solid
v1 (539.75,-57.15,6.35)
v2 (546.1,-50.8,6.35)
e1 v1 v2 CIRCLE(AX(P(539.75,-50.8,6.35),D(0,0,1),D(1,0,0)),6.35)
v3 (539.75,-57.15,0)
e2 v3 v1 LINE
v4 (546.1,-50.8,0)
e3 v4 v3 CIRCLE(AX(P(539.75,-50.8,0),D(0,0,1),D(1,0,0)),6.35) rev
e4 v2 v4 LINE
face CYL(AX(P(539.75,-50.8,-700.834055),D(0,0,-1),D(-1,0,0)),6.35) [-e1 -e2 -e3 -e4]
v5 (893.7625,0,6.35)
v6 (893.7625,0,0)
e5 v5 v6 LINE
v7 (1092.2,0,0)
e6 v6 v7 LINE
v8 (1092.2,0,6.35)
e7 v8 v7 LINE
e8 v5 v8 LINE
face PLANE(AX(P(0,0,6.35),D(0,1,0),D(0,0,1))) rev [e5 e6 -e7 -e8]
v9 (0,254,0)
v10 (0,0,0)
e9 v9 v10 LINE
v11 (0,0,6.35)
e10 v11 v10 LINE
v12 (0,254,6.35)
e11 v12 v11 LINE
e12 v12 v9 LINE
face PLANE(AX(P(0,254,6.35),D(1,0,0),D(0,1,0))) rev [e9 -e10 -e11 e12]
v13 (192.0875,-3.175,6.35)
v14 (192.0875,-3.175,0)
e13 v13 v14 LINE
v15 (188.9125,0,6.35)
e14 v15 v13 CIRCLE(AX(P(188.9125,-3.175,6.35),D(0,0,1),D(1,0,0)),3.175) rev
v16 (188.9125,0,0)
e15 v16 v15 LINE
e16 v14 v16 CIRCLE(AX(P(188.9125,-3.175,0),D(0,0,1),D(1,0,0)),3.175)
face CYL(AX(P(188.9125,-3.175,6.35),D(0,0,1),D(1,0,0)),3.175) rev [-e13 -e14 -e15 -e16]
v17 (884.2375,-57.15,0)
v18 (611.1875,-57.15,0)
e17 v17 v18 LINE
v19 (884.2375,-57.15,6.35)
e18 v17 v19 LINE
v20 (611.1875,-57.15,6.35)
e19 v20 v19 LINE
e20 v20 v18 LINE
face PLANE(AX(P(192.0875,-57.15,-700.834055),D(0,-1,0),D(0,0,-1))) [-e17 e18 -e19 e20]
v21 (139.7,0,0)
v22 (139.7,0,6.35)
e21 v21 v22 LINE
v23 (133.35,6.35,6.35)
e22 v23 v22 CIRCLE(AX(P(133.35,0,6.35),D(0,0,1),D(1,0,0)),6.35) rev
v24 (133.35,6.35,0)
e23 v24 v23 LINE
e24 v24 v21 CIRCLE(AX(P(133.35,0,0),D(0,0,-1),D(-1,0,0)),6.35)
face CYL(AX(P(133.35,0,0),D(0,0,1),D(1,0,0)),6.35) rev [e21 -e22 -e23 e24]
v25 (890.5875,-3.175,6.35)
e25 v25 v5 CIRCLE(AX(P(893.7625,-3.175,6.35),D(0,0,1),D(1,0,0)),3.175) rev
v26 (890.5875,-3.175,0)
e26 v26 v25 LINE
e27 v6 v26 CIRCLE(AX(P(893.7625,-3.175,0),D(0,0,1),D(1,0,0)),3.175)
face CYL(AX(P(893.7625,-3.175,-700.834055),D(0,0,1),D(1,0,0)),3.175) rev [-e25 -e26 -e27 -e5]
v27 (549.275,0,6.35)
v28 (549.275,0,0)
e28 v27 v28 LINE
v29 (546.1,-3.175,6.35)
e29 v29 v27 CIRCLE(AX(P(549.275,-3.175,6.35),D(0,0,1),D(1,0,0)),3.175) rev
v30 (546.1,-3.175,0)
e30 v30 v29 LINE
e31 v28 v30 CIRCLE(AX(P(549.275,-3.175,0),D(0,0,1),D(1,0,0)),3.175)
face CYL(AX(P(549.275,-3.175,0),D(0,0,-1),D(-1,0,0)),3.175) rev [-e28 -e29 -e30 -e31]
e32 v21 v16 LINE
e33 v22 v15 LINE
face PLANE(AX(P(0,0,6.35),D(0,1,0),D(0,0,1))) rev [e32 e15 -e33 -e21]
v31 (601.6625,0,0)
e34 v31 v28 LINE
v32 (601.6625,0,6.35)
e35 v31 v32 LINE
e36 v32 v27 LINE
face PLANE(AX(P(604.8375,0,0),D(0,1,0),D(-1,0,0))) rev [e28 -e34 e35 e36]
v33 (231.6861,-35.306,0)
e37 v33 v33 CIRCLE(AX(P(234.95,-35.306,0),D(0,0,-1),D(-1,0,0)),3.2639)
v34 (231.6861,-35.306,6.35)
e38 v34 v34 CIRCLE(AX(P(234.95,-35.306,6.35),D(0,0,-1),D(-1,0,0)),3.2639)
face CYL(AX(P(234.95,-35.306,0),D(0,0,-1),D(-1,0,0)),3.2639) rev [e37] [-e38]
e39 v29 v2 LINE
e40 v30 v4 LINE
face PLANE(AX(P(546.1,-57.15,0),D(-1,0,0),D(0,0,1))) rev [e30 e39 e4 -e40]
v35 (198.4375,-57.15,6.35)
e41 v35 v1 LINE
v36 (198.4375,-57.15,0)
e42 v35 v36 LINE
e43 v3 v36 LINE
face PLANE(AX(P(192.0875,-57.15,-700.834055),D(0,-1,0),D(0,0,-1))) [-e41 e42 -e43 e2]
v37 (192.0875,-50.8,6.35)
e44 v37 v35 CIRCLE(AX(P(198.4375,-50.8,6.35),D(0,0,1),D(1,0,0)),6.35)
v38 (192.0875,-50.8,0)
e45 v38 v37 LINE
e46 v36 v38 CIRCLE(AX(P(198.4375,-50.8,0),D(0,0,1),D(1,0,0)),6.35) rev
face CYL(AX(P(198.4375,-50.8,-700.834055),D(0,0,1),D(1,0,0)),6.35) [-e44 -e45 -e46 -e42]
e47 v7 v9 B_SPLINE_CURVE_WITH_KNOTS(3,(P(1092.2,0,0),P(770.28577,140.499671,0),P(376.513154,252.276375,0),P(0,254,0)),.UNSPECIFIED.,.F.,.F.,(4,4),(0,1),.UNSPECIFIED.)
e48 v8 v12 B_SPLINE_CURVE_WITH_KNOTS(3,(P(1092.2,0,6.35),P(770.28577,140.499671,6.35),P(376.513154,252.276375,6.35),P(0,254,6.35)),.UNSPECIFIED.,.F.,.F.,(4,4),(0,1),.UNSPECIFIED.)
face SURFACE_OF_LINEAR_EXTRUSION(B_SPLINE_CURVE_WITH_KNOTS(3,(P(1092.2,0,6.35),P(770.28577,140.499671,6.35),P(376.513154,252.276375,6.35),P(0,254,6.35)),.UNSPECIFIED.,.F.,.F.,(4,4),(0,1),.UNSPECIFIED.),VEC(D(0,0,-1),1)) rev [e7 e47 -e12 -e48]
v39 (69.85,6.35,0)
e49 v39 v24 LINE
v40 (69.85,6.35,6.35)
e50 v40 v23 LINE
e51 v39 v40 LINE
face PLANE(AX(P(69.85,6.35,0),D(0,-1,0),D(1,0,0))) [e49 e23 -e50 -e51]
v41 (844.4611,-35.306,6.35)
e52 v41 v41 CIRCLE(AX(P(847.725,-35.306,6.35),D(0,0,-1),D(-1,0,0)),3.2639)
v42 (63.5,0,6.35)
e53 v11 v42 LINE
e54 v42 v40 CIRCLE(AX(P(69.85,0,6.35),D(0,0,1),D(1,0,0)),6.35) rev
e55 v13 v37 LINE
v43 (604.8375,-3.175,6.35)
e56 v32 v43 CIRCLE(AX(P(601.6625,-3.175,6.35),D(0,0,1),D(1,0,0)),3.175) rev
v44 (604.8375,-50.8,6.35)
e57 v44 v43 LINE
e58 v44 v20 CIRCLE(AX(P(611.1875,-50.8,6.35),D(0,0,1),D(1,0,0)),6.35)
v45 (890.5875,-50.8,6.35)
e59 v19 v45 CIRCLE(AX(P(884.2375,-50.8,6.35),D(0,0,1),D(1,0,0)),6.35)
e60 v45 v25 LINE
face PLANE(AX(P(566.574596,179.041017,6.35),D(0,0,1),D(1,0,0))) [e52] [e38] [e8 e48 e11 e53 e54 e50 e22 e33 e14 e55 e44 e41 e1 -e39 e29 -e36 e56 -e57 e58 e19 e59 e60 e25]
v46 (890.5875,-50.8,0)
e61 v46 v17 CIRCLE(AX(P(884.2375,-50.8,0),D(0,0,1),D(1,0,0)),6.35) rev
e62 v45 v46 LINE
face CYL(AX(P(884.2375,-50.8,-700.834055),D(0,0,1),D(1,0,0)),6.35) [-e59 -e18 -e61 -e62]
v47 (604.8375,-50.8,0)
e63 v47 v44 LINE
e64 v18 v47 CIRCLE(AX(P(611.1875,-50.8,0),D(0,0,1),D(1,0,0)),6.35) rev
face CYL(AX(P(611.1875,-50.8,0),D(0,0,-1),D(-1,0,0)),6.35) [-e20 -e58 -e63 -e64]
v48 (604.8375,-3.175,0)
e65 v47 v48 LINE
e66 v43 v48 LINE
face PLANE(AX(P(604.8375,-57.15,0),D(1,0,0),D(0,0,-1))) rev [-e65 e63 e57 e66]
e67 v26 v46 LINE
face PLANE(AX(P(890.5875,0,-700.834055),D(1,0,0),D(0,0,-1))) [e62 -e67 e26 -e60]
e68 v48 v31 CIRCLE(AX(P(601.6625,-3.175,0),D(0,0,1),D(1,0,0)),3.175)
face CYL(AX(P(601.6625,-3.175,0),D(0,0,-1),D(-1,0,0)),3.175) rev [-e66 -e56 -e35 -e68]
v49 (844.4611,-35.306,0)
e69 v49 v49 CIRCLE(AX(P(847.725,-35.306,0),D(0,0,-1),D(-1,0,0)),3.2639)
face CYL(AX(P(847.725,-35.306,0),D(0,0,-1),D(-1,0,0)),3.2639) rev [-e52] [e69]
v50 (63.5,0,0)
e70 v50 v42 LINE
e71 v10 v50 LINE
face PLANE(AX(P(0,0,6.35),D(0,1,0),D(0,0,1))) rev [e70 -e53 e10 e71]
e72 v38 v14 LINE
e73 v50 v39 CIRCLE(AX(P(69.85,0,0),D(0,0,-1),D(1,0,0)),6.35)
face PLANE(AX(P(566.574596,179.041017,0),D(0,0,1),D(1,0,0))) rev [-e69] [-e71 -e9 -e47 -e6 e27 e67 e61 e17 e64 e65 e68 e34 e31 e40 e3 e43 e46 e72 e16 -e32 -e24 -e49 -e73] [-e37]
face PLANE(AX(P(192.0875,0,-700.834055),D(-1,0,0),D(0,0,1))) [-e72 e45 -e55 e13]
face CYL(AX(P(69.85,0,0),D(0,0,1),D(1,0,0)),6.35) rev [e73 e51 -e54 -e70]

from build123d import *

# Parameters (mm, degrees)
BOSS_EXTRUDE1_DEPTH      = 6.35
CUT_EXTRUDE2_DEPTH       = 7.3500001
SKETCH8_W                = 698.5
SKETCH8_H                = 57.15
BOSS_EXTRUDE3_DEPTH      = 6.35
SKETCH12_W               = 58.7375
SKETCH12_H               = 57.15
CUT_EXTRUDE3_DEPTH       = 7.3500001
FILLET2_R                = 3.175
FILLET3_R                = 6.35
F_0_257_DIAMETER_HOLE2_D = 6.5278


with BuildPart() as part:
    # Sketch1 → Boss-Extrude1 (new body)
    with BuildSketch(Plane.XY):
        with BuildLine():
            Line((0, 254), (0, 0))
            Line((0, 0), (1092.2, 0))
            add(Edge.make_bspline(
                [(0, 254), (376.513153864, 252.276375478), (770.285770075, 140.499670678), (1092.2, 0)],
                knots=[0, 0, 0, 0, 1, 1, 1, 1], degree=3))
        make_face()
    extrude(amount=BOSS_EXTRUDE1_DEPTH)

    # Sketch7 → Cut-Extrude2 (cut, through all)
    with BuildSketch(Plane(origin=(0, 0, 0), x_dir=(-1, 0, 0), z_dir=(0, 0, -1))):
        with BuildLine():
            Line((-133.35, 0), (-63.5, 0))
            ThreePointArc((-63.5, 0), (-65.359871939, 4.490128061), (-69.85, 6.35))
            Line((-69.85, 6.35), (-133.35, 6.35))
            ThreePointArc((-133.35, 6.35), (-137.840128061, 4.490128061), (-139.7, 0))
            Line((-139.7, 0), (-133.35, 0))
        make_face()
    extrude(amount=-CUT_EXTRUDE2_DEPTH, mode=Mode.SUBTRACT)

    # Sketch8 → Boss-Extrude3 (add)
    with BuildSketch(Plane.XY.offset(6.35)):
        with Locations((541.3375, -28.575)):
            Rectangle(SKETCH8_W, SKETCH8_H)
    extrude(amount=-BOSS_EXTRUDE3_DEPTH)

    # Sketch12 → Cut-Extrude3 (cut, through all)
    with BuildSketch(Plane.XY.offset(6.35)):
        with Locations((575.46875, -28.575)):
            Rectangle(SKETCH12_W, SKETCH12_H)
    extrude(amount=-CUT_EXTRUDE3_DEPTH, mode=Mode.SUBTRACT)

    # Fillet2
    fillet2_edges = [part.edges().sort_by_distance(p)[0] for p in [
        (192.0875, 0, 3.175),
        (890.5875, 0, 3.175),
        (604.8375, 0, 3.175),
        (546.1, 0, 3.175),
    ]]
    fillet(fillet2_edges, radius=FILLET2_R)

    # Fillet3
    fillet3_edges = [part.edges().sort_by_distance(p)[0] for p in [
        (192.0875, -57.15, 3.175),
        (890.5875, -57.15, 3.175),
        (604.8375, -57.15, 3.175),
        (546.1, -57.15, 3.175),
    ]]
    fillet(fillet3_edges, radius=FILLET3_R)

    # F (0.257) Diameter Hole2 (through all)
    with Locations(Plane(origin=(0, 0, 0), x_dir=(-1, 0, 0), z_dir=(0, 0, -1))):
        with Locations((-847.725, -35.306), (-234.95, -35.306)):
            Hole(F_0_257_DIAMETER_HOLE2_D / 2)


solid = part.part
